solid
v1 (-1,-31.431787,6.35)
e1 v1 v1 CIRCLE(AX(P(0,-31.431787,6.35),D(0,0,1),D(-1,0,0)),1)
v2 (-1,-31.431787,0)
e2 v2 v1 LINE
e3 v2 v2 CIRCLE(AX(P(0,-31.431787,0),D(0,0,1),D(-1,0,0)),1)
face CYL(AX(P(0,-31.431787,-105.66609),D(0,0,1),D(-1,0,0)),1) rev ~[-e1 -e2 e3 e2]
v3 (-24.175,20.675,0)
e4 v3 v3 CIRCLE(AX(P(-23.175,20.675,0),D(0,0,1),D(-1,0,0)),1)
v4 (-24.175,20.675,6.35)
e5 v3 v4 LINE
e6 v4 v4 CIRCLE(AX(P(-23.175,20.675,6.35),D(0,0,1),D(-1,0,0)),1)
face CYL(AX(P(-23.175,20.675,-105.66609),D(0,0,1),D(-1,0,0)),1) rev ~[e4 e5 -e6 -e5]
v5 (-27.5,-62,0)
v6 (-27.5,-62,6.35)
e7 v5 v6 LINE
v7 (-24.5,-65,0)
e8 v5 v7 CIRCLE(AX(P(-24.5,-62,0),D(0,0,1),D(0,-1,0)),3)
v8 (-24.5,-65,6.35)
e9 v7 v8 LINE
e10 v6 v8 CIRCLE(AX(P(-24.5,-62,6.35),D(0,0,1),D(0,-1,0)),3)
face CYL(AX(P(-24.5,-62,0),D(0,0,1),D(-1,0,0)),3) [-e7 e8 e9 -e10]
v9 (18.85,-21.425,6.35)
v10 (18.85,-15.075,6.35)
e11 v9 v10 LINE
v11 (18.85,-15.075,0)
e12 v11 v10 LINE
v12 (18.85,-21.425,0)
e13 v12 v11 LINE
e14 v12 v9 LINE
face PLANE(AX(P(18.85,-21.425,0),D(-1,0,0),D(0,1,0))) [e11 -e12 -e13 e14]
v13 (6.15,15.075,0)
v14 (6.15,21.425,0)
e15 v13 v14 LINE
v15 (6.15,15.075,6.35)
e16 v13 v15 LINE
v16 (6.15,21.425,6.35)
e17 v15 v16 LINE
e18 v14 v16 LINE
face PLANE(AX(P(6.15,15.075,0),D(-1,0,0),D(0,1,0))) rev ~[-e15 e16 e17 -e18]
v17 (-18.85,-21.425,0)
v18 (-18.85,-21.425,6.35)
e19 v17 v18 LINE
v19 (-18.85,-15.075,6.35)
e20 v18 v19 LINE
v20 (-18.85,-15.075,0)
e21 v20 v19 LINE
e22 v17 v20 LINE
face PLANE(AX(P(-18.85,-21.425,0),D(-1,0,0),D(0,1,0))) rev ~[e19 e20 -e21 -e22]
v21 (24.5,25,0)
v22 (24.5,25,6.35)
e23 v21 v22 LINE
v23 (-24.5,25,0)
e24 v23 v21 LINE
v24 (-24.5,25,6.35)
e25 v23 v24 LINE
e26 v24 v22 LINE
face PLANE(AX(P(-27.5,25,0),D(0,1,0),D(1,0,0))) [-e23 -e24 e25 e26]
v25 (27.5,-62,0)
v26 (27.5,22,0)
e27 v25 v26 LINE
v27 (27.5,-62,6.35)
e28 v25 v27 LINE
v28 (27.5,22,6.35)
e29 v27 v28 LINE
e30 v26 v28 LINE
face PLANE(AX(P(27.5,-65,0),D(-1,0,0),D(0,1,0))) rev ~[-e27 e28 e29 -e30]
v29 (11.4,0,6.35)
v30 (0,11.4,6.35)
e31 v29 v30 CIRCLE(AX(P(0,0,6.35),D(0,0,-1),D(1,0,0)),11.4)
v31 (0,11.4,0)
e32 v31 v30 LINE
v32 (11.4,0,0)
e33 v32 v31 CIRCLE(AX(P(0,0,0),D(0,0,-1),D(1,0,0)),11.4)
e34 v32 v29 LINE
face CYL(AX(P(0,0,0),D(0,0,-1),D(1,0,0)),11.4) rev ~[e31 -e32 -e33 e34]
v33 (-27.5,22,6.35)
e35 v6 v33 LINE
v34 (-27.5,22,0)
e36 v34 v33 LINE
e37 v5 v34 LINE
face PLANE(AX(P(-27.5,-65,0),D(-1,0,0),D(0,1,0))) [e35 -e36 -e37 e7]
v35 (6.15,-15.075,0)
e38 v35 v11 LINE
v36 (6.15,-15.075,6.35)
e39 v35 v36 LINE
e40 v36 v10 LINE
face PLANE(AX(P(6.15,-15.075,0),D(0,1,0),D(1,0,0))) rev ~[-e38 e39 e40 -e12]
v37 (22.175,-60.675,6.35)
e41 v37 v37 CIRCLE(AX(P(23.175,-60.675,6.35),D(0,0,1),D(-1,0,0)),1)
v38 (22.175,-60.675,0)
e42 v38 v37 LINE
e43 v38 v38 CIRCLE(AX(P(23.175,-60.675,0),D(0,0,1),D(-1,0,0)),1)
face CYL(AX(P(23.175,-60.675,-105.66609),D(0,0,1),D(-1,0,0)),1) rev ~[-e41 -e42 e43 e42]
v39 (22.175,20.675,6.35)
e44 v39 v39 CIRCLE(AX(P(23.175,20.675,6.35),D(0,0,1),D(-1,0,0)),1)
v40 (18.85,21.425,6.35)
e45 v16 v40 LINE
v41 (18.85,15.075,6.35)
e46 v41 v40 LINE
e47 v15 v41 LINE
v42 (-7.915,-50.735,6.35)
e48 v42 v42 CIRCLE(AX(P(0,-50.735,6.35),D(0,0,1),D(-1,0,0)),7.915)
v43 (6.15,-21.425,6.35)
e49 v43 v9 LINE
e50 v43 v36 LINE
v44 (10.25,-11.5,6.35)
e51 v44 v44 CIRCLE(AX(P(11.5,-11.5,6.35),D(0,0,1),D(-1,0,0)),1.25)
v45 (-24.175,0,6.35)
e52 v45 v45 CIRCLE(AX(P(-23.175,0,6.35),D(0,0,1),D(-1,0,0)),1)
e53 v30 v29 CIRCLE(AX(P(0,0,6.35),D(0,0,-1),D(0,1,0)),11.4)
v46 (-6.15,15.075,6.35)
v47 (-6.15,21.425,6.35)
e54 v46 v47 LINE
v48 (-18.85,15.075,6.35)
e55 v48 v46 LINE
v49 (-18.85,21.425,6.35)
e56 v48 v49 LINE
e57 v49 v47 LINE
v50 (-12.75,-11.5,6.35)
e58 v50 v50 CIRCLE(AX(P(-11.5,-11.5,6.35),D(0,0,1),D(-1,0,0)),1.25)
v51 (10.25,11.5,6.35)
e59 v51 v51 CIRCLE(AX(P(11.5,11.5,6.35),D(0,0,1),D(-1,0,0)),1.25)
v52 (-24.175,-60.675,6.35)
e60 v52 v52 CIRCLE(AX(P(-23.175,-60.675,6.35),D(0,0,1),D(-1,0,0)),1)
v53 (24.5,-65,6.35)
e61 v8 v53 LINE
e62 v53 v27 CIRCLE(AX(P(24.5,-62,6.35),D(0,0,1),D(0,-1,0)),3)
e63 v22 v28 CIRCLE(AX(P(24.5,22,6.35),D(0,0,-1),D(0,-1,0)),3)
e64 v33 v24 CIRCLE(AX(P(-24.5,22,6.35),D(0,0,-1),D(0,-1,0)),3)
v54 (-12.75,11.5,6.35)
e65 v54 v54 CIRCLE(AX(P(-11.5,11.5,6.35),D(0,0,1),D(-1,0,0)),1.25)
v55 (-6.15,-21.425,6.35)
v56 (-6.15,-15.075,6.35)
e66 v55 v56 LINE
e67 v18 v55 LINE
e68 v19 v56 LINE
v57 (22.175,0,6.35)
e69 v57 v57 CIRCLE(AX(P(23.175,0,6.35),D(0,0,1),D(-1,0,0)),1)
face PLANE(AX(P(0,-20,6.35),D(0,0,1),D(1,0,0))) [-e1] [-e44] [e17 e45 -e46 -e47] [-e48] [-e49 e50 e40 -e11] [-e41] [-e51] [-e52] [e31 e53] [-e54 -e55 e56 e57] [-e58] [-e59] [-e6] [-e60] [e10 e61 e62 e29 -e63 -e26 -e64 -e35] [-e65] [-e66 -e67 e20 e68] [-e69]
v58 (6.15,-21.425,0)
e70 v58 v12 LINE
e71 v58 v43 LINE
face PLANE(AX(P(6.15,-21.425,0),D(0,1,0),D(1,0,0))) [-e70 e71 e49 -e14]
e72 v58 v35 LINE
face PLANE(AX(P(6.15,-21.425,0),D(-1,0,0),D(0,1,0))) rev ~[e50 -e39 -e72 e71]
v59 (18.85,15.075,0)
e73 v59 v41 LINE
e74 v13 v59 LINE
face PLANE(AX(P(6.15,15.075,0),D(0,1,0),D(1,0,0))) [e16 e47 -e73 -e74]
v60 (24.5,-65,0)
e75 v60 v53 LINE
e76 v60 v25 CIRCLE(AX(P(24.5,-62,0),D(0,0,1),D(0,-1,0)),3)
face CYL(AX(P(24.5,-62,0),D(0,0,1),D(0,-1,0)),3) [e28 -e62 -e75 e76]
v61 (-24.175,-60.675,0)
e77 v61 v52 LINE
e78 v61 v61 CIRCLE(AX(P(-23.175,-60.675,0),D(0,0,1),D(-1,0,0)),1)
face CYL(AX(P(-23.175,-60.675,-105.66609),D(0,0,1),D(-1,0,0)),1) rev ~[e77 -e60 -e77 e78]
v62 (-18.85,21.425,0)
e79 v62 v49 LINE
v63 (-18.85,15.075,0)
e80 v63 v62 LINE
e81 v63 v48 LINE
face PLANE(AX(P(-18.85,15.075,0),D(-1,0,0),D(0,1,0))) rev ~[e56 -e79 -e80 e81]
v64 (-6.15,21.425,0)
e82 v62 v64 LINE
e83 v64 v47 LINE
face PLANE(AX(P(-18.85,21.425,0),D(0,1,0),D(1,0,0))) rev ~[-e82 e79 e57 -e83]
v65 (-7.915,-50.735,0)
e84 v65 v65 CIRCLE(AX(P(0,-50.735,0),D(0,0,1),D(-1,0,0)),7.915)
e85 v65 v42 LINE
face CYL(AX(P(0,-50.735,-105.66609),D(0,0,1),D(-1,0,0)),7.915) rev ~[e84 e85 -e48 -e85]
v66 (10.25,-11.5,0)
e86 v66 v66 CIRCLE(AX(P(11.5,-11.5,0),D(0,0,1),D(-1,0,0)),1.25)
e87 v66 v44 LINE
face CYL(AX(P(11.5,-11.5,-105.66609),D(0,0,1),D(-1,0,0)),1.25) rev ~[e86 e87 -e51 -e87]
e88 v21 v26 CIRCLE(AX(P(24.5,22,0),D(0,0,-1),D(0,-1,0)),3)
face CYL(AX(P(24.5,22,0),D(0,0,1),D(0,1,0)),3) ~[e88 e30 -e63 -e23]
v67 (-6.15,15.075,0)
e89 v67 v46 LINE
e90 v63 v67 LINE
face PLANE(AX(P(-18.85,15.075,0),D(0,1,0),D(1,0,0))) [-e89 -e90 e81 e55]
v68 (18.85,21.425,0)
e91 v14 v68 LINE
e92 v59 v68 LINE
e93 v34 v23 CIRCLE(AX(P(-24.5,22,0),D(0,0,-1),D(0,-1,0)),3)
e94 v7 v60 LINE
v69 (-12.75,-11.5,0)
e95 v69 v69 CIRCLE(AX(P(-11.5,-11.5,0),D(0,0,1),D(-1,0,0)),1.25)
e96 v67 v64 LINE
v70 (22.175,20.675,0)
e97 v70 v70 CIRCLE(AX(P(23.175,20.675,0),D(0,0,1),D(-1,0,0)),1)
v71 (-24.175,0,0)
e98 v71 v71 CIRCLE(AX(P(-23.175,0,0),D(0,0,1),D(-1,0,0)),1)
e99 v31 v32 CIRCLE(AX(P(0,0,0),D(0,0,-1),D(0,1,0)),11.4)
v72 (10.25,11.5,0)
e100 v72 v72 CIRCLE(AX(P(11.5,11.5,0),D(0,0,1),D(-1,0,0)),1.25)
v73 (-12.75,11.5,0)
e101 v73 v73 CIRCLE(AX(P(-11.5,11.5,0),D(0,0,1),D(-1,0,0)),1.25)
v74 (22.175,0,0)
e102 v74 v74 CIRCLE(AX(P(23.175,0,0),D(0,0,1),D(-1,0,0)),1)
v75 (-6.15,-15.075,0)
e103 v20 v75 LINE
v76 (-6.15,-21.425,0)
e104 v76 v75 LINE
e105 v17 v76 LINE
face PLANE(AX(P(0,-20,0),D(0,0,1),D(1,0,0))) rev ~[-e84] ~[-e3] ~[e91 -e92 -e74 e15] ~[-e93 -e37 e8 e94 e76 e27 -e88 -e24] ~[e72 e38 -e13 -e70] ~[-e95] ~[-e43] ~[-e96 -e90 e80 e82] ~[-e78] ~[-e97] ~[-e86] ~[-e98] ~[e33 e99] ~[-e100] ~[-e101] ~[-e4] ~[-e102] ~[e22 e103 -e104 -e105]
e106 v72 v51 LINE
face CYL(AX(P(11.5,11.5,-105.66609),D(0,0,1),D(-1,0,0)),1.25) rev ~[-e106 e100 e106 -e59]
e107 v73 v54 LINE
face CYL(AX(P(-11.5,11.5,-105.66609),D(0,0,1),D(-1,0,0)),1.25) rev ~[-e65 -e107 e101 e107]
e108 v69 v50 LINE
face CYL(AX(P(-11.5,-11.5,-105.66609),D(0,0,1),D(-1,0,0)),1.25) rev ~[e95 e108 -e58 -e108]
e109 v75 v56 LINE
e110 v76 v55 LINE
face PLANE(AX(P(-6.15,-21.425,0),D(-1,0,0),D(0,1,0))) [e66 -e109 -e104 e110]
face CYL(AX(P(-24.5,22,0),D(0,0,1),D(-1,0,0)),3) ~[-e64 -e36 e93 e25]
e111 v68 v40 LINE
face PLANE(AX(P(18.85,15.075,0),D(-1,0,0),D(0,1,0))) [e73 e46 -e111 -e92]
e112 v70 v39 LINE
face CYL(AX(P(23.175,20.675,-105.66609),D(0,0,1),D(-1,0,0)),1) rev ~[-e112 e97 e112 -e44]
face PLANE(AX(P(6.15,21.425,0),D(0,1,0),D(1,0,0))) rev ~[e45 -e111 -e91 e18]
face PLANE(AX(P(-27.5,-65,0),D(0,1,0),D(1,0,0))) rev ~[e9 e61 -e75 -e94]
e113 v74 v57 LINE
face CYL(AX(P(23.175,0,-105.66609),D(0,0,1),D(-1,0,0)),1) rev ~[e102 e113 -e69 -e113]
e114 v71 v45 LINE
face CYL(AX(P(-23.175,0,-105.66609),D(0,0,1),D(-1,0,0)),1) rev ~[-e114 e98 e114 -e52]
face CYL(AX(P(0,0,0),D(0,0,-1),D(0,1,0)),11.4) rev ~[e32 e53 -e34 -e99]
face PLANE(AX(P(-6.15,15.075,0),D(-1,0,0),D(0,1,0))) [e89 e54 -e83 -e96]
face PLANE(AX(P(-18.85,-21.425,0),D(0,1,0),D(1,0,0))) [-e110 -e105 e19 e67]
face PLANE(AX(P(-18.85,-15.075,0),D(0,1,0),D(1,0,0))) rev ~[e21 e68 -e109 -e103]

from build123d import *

# Parameters (mm, degrees)
F0_W     = 55
F0_H     = 90
F0_W_2   = 12.7
F0_H_2   = 6.35
F1_DEPTH = 6.35
F2_D     = 2.5
F3_R     = 3
F4_D     = 15.83
F5_D     = 2


with BuildPart() as f1:
    # F0 (on Top) → F1 (new body)
    with BuildSketch(Plane.XY):
        with Locations((0, -20)):
            Rectangle(F0_W, F0_H)
        with Locations((-12.5, -18.25)):
            Rectangle(F0_W_2, F0_H_2, mode=Mode.SUBTRACT)
        with Locations((-12.5, 18.25)):
            Rectangle(F0_W_2, F0_H_2, mode=Mode.SUBTRACT)
        with Locations((12.5, -18.25)):
            Rectangle(F0_W_2, F0_H_2, mode=Mode.SUBTRACT)
        with BuildLine():
            ThreePointArc((0, 11.4), (8.0610173055, 8.0610173055), (11.4, 0))
            ThreePointArc((11.4, 0), (-8.0610173055, -8.0610173055), (0, 11.4))
        make_face(mode=Mode.SUBTRACT)
        with Locations((12.5, 18.25)):
            Rectangle(F0_W_2, F0_H_2, mode=Mode.SUBTRACT)
    extrude(amount=F1_DEPTH)

    # F2 (through all)
    with Locations(Plane(origin=(0, 0, 0), x_dir=(1, 0, 0), z_dir=(0, 0, -1))):
        with Locations((-11.5, -11.5), (11.5, -11.5), (11.5, 11.5), (-11.5, 11.5)):
            Hole(F2_D / 2)

    # F3
    f3_edges = [f1.edges().sort_by_distance(p)[0] for p in [
        (-27.5, -65, 3.175),
        (27.5, -65, 3.175),
        (27.5, 25, 3.175),
        (-27.5, 25, 3.175),
    ]]
    fillet(f3_edges, radius=F3_R)

    # F4 (through all)
    with Locations(Plane(origin=(0, 0, 0), x_dir=(1, 0, 0), z_dir=(0, 0, -1))):
        with Locations((0, 50.735)):
            Hole(F4_D / 2)

    # F5 (through all)
    with Locations(Plane(origin=(0, 0, 0), x_dir=(1, 0, 0), z_dir=(0, 0, -1))):
        with Locations((-23.175, -20.675), (23.175, -20.675), (23.175, 0), (-23.175, 0), (-23.175, 60.675), (23.175, 60.675), (0, 31.431786716)):
            Hole(F5_D / 2)


solid = f1.part
